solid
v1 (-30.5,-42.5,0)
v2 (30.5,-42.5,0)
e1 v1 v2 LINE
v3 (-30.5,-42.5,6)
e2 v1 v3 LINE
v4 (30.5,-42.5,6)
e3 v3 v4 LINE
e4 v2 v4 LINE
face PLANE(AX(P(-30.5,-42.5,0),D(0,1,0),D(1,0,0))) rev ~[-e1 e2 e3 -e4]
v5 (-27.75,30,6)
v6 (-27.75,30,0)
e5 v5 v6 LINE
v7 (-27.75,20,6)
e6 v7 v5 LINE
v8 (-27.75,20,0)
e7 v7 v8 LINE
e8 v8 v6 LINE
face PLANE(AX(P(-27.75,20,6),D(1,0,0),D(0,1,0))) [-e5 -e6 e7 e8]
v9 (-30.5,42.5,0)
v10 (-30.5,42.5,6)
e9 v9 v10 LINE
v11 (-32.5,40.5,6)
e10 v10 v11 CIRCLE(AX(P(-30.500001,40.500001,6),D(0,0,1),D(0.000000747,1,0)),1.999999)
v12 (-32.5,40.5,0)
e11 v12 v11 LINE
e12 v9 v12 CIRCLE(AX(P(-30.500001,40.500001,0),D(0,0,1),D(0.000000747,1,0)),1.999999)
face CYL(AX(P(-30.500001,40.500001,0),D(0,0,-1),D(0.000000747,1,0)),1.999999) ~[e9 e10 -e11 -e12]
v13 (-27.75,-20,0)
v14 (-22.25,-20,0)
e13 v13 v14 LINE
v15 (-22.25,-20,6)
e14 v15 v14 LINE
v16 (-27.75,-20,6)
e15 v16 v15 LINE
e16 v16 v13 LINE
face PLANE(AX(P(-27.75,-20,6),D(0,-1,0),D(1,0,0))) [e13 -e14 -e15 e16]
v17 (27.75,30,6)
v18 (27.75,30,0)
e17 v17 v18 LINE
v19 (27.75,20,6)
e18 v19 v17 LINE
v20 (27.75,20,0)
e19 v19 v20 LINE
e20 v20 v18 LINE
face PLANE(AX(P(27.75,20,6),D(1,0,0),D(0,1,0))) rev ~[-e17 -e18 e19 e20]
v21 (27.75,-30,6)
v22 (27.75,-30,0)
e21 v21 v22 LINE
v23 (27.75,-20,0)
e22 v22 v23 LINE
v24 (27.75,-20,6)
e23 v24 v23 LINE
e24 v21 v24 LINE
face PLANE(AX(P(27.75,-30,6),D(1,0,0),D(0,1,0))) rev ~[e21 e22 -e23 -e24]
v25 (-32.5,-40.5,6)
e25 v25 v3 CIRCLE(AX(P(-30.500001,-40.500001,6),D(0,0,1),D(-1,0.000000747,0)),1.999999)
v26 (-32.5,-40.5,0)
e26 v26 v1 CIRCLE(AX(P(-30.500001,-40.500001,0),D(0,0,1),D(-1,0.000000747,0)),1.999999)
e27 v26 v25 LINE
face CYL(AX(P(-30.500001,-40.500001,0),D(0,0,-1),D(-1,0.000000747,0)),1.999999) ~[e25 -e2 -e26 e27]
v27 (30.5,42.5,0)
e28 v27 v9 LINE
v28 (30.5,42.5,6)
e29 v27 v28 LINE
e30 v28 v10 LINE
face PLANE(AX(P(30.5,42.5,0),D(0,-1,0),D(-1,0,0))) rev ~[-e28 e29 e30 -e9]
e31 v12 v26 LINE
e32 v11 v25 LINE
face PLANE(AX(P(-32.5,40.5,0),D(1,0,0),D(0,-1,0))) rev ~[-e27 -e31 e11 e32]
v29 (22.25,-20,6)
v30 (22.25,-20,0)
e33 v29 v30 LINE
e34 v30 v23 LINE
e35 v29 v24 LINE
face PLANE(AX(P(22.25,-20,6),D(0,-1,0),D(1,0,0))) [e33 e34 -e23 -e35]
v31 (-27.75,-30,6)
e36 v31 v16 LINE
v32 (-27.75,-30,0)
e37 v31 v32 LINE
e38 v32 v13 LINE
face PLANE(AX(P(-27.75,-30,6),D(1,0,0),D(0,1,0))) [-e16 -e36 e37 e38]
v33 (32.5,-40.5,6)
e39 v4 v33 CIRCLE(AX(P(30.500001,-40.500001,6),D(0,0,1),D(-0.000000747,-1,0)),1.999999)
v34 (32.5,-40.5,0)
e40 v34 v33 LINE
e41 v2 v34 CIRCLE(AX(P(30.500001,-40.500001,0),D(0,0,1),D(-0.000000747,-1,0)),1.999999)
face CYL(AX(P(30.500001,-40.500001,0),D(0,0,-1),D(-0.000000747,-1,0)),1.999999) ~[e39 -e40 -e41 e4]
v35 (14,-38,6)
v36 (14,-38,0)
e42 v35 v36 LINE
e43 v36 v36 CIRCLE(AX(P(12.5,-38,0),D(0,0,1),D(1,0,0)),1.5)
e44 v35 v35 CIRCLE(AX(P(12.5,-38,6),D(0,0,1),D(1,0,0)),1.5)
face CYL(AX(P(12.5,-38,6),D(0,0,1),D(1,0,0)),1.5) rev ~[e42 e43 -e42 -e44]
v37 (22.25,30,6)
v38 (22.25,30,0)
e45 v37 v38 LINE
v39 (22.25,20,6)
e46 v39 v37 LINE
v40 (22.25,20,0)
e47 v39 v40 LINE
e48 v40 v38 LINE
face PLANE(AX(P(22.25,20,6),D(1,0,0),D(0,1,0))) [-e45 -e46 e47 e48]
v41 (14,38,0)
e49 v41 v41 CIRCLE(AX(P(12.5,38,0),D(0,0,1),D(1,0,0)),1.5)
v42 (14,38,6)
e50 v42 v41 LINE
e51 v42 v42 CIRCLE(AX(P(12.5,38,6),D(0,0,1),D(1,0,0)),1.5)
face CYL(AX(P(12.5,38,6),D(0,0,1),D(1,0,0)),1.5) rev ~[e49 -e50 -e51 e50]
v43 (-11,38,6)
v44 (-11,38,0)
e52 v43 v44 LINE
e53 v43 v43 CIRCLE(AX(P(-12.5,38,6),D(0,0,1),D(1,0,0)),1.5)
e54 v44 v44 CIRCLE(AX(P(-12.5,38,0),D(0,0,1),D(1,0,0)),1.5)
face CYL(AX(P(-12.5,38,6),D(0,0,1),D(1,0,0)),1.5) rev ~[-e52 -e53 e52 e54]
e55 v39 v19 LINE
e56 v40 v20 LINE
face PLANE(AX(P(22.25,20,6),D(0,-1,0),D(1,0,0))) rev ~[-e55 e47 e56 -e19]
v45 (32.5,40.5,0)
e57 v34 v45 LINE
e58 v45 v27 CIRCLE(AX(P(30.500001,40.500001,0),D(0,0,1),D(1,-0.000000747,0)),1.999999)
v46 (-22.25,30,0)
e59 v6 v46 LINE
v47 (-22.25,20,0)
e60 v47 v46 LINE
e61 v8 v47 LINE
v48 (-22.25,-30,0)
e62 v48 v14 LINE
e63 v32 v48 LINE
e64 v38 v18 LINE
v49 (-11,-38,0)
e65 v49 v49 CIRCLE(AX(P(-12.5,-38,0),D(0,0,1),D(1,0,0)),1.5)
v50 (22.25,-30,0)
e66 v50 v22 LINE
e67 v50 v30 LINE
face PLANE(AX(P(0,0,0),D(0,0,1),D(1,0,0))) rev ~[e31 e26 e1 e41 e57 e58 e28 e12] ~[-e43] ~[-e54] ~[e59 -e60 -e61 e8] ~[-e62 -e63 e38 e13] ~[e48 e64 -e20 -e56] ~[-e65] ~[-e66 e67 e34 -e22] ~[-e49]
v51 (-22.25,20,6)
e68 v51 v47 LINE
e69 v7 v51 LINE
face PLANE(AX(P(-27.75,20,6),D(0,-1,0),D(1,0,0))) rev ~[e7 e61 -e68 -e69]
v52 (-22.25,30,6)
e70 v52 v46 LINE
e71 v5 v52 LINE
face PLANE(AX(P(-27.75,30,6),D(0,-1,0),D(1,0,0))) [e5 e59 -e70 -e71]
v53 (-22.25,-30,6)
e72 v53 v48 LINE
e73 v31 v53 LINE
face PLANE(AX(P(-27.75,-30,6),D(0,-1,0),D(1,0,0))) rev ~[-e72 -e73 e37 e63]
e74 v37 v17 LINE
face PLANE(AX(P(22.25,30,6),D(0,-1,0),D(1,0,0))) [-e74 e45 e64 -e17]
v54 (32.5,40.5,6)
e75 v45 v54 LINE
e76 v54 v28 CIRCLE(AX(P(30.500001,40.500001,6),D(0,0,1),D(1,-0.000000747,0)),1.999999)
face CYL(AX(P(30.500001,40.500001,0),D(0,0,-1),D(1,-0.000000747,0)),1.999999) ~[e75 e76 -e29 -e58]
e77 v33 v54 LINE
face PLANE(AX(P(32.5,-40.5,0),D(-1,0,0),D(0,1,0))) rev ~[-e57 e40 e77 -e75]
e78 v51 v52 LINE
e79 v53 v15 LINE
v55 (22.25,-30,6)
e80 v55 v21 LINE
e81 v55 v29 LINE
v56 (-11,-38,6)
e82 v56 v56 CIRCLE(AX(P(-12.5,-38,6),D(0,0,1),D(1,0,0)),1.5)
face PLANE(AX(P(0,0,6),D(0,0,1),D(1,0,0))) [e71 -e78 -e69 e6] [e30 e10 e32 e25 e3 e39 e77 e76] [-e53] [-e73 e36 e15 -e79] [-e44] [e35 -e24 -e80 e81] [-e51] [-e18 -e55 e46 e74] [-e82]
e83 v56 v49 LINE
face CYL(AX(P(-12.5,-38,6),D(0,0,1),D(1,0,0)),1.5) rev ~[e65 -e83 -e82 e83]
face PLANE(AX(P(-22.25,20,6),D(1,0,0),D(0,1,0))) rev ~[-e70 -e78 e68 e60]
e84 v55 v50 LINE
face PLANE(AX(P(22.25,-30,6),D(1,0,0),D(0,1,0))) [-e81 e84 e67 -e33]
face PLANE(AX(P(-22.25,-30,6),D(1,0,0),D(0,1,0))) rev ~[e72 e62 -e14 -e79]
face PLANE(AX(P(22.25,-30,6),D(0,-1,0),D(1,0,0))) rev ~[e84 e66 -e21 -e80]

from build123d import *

# Parameters (mm, degrees)
F1_DEPTH = 6
F2_W     = 5.5
F2_H     = 10
F3_DEPTH = 25
F4_R     = 1.5
F5_DEPTH = 6


with BuildPart() as f1:
    # F0 (on Top) → F1 (new body)
    with BuildSketch(Plane.XY):
        with BuildLine():
            Line((-30.5, -42.5), (30.5, -42.5))
            ThreePointArc((30.5, -42.5), (31.914214, -41.914214), (32.5, -40.5))
            Line((32.5, -40.5), (32.5, 40.5))
            ThreePointArc((32.5, 40.5), (31.914214, 41.914214), (30.5, 42.5))
            Line((30.5, 42.5), (-30.5, 42.5))
            ThreePointArc((-30.5, 42.5), (-31.914214, 41.914214), (-32.5, 40.5))
            Line((-32.5, 40.5), (-32.5, -40.5))
            ThreePointArc((-32.5, -40.5), (-31.914214, -41.914214), (-30.5, -42.5))
        make_face()
    extrude(amount=F1_DEPTH)

    # F2 (on face) → F3 (cut)
    with BuildSketch(Plane.XY.offset(6)):
        with Locations((-25, 25)):
            Rectangle(F2_W, F2_H)
        with Locations((25, 25)):
            Rectangle(F2_W, F2_H)
        with Locations((25, -25)):
            Rectangle(F2_W, F2_H)
        with Locations((-25, -25)):
            Rectangle(F2_W, F2_H)
    extrude(amount=-F3_DEPTH, mode=Mode.SUBTRACT)

    # F4 (on face) → F5 (cut)
    with BuildSketch(Plane.XY.offset(6)):
        with Locations((-12.5, 38)):
            Circle(F4_R)
        with Locations((12.5, 38)):
            Circle(F4_R)
        with Locations((12.5, -38)):
            Circle(F4_R)
        with Locations((-12.5, -38)):
            Circle(F4_R)
    extrude(amount=-F5_DEPTH, mode=Mode.SUBTRACT)


solid = f1.part
